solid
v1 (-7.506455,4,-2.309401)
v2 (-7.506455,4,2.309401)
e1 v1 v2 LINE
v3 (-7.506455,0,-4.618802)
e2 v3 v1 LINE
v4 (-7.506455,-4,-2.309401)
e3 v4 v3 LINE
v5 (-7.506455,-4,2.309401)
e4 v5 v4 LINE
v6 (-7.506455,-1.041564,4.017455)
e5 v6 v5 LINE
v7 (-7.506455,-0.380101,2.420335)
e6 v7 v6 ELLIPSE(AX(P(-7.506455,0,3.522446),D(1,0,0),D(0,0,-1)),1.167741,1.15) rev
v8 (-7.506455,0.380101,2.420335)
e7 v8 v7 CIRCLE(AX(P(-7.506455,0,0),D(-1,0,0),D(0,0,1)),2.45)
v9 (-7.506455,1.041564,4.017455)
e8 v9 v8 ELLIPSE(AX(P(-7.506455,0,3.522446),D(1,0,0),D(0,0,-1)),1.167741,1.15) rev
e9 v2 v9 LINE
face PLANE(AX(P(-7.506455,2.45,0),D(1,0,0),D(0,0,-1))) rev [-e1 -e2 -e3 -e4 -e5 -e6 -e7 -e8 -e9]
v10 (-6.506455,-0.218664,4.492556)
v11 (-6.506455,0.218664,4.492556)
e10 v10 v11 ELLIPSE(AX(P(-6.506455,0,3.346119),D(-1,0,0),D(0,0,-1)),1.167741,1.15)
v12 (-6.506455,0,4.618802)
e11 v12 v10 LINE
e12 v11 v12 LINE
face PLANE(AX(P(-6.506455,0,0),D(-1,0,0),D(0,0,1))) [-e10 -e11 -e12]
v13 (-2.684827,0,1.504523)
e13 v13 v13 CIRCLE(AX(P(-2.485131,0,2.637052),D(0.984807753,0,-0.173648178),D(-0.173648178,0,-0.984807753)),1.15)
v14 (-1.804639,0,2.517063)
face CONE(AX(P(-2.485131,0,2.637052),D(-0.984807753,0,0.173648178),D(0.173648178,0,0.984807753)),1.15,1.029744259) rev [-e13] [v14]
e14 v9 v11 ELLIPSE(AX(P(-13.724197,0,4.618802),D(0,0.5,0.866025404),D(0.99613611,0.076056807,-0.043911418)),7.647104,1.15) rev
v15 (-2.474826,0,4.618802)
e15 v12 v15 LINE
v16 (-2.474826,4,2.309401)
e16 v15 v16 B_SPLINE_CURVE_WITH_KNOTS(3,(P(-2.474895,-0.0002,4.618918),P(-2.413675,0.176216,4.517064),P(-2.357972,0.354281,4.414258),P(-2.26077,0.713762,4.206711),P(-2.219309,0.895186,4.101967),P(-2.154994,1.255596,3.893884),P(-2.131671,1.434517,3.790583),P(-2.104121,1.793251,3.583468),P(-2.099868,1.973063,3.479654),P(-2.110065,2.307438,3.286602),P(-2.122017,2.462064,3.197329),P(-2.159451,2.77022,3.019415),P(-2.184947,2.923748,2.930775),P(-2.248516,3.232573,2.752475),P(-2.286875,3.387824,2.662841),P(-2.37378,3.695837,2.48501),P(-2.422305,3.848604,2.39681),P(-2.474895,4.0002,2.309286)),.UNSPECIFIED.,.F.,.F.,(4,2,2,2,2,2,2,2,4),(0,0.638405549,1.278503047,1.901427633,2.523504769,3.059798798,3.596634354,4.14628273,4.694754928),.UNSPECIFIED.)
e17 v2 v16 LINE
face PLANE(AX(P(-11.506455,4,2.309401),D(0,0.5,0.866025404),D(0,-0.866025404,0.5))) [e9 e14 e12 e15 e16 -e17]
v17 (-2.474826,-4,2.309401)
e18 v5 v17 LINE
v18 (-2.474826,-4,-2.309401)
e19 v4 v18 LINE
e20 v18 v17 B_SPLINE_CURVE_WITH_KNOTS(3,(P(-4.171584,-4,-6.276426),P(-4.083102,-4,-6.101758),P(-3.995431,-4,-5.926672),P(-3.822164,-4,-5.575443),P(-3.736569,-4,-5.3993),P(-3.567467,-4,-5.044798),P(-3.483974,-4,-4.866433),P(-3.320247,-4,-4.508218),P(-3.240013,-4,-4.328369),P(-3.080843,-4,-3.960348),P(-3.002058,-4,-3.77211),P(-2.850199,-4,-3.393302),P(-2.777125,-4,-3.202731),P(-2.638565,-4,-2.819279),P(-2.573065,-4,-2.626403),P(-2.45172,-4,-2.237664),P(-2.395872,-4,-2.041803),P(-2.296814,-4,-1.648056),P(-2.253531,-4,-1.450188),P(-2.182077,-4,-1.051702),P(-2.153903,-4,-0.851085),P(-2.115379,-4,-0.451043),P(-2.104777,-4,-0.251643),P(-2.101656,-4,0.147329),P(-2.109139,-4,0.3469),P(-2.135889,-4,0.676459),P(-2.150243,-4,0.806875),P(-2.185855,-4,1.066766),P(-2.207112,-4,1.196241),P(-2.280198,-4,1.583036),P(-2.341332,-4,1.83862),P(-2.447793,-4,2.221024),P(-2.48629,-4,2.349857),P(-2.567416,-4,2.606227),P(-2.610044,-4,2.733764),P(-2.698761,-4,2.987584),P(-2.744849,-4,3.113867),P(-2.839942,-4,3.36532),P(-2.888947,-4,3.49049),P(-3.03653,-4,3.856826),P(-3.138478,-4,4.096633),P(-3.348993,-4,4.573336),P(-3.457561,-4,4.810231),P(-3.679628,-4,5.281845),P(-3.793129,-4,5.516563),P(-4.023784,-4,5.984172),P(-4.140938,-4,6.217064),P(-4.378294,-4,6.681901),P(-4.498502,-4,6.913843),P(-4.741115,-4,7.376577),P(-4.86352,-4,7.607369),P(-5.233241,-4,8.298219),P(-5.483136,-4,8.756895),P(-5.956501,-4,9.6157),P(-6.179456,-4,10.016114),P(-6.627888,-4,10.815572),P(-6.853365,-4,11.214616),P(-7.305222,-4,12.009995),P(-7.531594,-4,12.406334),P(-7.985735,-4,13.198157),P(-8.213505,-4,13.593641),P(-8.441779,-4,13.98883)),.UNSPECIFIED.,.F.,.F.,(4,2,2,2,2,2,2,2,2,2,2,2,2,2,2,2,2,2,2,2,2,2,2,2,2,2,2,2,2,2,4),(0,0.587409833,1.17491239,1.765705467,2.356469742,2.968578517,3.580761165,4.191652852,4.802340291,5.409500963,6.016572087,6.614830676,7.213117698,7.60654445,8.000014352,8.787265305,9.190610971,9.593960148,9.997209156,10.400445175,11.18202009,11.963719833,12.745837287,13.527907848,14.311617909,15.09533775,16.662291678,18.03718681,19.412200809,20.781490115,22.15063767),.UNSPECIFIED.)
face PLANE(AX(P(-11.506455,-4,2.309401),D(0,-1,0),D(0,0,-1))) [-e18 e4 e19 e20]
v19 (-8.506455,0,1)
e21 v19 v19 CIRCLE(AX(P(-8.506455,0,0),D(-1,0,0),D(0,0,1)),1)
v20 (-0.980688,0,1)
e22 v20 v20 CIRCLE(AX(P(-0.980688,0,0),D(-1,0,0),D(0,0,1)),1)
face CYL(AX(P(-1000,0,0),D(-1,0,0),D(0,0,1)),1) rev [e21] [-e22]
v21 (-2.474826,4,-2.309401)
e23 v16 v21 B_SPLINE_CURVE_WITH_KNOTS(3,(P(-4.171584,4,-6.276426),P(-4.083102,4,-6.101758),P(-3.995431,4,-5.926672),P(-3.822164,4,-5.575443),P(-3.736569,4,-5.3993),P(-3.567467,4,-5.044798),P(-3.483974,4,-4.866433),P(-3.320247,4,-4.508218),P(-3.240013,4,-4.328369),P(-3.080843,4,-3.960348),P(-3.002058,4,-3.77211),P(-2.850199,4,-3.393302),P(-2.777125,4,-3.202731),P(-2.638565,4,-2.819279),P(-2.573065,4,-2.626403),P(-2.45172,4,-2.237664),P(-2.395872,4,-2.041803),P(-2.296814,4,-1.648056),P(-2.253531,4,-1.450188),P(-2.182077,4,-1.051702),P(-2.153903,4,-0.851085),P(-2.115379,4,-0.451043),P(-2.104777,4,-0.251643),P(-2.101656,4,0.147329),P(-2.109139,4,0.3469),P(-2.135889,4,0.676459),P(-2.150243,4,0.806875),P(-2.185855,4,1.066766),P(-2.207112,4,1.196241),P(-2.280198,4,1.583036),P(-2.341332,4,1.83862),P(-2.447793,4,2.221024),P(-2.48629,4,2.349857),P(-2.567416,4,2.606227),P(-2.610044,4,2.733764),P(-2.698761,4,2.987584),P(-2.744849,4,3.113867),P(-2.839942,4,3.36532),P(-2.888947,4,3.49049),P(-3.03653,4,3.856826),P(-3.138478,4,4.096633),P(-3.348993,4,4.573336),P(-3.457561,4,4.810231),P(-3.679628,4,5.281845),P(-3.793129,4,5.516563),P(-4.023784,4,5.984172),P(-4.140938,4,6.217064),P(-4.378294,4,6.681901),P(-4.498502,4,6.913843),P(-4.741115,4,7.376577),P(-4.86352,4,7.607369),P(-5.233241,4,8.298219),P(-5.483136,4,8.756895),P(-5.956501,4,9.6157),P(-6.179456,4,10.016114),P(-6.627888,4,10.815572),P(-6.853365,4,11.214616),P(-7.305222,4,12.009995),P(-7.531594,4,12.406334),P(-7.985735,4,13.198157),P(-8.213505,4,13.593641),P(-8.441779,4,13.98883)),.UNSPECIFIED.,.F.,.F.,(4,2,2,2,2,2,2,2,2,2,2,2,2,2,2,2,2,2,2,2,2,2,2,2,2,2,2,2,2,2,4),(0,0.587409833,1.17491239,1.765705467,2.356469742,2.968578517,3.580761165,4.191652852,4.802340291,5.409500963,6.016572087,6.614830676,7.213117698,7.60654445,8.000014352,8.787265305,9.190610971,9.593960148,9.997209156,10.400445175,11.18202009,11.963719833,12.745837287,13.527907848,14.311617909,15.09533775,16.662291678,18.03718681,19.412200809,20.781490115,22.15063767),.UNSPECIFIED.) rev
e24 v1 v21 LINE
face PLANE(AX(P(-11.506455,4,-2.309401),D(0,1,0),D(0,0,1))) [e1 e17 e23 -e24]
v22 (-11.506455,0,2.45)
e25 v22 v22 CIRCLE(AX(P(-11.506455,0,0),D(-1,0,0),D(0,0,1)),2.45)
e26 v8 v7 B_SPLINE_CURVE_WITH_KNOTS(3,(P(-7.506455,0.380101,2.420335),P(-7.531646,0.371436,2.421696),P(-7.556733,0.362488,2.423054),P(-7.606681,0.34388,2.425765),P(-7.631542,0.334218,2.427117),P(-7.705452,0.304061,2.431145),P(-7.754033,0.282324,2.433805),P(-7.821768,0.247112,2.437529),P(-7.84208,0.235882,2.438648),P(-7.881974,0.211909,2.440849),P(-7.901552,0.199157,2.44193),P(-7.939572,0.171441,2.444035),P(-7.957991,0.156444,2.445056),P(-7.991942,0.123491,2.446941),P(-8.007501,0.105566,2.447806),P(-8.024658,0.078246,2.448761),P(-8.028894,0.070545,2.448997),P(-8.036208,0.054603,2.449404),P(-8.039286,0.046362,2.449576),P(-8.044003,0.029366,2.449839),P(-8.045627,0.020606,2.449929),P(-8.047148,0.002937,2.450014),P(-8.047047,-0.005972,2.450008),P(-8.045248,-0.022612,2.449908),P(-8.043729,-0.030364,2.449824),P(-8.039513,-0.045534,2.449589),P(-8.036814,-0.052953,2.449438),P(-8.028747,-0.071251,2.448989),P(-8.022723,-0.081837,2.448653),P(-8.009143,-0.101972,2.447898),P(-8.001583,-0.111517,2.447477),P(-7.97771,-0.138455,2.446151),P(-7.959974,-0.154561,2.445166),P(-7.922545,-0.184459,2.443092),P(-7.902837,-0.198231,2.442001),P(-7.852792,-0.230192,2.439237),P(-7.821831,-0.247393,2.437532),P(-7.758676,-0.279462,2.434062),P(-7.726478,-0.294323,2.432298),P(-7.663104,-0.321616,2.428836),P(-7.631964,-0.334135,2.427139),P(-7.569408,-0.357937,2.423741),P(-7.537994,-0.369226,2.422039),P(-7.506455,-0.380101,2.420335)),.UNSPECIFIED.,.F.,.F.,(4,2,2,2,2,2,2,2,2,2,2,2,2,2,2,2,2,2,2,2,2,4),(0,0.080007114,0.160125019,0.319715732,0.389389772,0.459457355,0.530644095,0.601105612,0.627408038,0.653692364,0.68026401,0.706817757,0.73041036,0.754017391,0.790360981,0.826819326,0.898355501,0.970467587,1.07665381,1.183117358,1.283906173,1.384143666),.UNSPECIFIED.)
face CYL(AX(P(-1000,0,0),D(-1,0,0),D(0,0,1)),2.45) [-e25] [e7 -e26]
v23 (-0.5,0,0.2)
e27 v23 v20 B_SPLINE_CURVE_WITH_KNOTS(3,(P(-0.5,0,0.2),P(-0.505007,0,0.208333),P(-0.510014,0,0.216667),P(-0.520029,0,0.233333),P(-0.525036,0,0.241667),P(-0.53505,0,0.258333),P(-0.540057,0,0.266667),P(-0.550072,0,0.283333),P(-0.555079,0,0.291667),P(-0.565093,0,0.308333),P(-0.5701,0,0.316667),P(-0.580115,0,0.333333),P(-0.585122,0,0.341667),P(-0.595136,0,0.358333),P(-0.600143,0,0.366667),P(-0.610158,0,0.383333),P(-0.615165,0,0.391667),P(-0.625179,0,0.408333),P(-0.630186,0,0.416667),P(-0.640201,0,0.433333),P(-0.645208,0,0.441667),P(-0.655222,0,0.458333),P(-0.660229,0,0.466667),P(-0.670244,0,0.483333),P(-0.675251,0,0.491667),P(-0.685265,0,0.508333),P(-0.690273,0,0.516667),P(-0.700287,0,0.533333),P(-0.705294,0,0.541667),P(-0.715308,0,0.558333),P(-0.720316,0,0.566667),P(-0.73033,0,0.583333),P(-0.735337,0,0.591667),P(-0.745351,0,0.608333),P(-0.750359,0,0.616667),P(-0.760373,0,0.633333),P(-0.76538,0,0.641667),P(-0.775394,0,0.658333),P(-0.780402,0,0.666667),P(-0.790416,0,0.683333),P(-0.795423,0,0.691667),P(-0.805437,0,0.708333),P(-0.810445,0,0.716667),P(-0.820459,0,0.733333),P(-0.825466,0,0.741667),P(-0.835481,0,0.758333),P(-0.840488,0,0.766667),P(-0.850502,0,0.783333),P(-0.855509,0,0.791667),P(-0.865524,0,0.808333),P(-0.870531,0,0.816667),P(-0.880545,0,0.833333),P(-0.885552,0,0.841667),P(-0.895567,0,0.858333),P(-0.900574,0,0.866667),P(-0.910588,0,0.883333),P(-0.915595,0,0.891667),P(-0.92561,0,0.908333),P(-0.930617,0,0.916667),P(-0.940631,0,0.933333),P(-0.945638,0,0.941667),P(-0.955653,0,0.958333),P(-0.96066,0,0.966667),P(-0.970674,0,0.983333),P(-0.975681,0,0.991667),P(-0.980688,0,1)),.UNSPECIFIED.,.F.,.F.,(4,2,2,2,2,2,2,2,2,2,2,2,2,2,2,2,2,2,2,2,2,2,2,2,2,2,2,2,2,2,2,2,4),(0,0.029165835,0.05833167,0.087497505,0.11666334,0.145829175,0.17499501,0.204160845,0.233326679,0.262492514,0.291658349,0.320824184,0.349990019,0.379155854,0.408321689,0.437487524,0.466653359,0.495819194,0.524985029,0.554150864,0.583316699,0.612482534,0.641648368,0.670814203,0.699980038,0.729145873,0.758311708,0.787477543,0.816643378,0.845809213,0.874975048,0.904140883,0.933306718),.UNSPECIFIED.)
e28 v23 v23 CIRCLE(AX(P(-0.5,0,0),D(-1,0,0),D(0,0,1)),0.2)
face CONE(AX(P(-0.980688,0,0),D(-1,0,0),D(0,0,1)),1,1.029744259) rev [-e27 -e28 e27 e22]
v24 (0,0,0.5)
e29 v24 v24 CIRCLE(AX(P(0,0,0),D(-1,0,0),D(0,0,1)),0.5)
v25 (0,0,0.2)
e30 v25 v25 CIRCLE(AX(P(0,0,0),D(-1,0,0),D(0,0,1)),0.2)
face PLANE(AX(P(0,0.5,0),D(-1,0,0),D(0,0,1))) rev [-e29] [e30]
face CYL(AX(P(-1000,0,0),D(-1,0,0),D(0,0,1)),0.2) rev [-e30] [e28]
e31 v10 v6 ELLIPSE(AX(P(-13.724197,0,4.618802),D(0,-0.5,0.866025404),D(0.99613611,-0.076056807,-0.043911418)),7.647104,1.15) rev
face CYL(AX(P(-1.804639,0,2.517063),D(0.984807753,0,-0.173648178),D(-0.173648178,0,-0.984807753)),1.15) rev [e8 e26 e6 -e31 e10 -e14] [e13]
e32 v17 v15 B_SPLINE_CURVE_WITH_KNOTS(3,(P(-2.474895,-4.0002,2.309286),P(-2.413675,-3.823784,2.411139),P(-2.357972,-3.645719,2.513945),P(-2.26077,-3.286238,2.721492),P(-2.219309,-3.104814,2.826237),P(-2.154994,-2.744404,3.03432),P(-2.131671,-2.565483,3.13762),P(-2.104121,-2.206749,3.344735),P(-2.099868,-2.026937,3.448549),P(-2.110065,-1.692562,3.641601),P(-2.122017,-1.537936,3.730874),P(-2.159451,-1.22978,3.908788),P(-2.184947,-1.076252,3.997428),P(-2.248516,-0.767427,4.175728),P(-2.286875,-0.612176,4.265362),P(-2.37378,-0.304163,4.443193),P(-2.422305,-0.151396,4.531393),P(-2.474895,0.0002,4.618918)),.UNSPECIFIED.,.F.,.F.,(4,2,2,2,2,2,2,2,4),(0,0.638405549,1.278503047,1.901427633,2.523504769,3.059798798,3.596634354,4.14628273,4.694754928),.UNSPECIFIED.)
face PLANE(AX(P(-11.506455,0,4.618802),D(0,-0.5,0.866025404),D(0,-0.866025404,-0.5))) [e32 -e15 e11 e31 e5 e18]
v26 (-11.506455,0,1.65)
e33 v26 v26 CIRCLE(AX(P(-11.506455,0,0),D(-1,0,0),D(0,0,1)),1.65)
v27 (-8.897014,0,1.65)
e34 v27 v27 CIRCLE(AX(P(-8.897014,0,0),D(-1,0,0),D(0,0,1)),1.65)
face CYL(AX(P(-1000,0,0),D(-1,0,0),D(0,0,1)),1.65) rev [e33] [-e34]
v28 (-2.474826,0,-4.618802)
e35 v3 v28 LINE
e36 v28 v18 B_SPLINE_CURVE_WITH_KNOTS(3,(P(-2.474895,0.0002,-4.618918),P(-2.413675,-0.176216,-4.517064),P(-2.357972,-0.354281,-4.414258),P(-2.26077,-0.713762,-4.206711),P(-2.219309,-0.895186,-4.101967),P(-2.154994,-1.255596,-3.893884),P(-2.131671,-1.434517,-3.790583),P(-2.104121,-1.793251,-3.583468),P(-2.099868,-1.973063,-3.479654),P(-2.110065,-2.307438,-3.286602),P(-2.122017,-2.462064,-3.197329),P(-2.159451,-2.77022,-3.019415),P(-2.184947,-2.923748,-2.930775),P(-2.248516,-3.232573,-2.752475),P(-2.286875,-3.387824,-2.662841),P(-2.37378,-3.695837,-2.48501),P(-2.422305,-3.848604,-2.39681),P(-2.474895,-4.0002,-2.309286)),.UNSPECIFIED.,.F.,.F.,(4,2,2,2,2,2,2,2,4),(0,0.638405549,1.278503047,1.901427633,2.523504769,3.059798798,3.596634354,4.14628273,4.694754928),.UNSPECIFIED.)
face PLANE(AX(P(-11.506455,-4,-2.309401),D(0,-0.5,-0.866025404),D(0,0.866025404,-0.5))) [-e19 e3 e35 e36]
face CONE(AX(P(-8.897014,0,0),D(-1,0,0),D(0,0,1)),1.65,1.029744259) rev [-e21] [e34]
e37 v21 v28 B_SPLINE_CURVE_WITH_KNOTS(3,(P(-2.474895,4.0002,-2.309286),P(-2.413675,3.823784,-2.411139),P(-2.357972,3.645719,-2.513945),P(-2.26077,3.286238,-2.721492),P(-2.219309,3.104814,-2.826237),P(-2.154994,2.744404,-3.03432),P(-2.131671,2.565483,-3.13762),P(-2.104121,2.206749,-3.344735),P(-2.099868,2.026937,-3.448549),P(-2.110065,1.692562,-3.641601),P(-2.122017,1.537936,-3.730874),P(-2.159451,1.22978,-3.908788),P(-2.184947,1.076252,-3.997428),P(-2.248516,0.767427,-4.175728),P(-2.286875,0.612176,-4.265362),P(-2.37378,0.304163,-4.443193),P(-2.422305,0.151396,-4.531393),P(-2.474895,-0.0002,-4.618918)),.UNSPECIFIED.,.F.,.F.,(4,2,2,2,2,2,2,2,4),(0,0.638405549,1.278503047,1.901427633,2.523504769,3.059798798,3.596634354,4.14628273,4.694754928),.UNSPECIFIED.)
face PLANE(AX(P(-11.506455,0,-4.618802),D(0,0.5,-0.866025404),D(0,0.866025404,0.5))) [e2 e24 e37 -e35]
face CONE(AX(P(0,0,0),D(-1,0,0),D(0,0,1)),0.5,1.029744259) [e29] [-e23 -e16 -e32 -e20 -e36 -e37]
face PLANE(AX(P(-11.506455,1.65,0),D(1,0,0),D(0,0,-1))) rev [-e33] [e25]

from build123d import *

# Parameters (mm, degrees)
SKETCH2_OUTSIDE_W  = 23.078
SKETCH2_OUTSIDE_H  = 23.078
CUT_EXTRUDE1_DEPTH = 17.136867678
SKETCH4_W          = 1
SKETCH4_H          = 1
CUT_EXTRUDE2_DEPTH = 1


with BuildPart() as part:
    # Sketch1 → Revolve1 (revolve)
    with BuildSketch(Plane.XY, mode=Mode.PRIVATE) as revolve1_sk:
        Polygon((-7.506454643, 8), (-4.506454643, 8), (0, 0.5), (0, 0.2), (-0.5, 0.2), (-0.980688495, 1), (-8.506454643, 1), (-8.897014045, 1.65), (-11.506454643, 1.65), (-11.506454643, 2.45), (-7.506454643, 2.45), align=None)
    revolve(revolve1_sk.sketch.rotate(Axis((-1000, 0, 0), (1, 0, 0)), 90), axis=Axis((-1000, 0, 0), (1, 0, 0)))

    # Sketch2 outside → Cut-Extrude1 (cut, through all)
    with BuildSketch(Plane(origin=(0, 0, 0), x_dir=(0, 0, -1), z_dir=(1, 0, 0))):
        Rectangle(SKETCH2_OUTSIDE_W, SKETCH2_OUTSIDE_H)
        Polygon((4.618802154, 0), (2.309401077, 4), (-2.309401077, 4), (-4.618802154, 0), (-2.309401077, -4), (2.309401077, -4), align=None, mode=Mode.SUBTRACT)
    extrude(amount=-CUT_EXTRUDE1_DEPTH, mode=Mode.SUBTRACT)

    # Sketch3 → Cut-Revolve1 (revolve, cut)
    with BuildSketch(Plane(origin=(0, 0, 0), x_dir=(1, 0, 0), z_dir=(0, 1, 0)), mode=Mode.PRIVATE) as cut_revolve1_sk:
        Polygon((-10.36359318, -4.026237068), (-10.163897775, -5.158765984), (-2.285435751, -3.769580562), (-1.80463913, -2.517062542), align=None)
    revolve(cut_revolve1_sk.sketch.rotate(Axis((-1.80463913, 0, 2.517062542), (-0.9848077530122068, 0, 0.17364817766693816)), 180), axis=Axis((-1.80463913, 0, 2.517062542), (-0.9848077530122068, 0, 0.17364817766693816)), mode=Mode.SUBTRACT)

    # Sketch4 → Cut-Extrude2 (cut)
    with BuildSketch(Plane.ZY.offset(7.506454643)):
        with Locations((4.118802154, 0)):
            Rectangle(SKETCH4_W, SKETCH4_H)
    extrude(amount=-CUT_EXTRUDE2_DEPTH, mode=Mode.SUBTRACT)


solid = part.part
